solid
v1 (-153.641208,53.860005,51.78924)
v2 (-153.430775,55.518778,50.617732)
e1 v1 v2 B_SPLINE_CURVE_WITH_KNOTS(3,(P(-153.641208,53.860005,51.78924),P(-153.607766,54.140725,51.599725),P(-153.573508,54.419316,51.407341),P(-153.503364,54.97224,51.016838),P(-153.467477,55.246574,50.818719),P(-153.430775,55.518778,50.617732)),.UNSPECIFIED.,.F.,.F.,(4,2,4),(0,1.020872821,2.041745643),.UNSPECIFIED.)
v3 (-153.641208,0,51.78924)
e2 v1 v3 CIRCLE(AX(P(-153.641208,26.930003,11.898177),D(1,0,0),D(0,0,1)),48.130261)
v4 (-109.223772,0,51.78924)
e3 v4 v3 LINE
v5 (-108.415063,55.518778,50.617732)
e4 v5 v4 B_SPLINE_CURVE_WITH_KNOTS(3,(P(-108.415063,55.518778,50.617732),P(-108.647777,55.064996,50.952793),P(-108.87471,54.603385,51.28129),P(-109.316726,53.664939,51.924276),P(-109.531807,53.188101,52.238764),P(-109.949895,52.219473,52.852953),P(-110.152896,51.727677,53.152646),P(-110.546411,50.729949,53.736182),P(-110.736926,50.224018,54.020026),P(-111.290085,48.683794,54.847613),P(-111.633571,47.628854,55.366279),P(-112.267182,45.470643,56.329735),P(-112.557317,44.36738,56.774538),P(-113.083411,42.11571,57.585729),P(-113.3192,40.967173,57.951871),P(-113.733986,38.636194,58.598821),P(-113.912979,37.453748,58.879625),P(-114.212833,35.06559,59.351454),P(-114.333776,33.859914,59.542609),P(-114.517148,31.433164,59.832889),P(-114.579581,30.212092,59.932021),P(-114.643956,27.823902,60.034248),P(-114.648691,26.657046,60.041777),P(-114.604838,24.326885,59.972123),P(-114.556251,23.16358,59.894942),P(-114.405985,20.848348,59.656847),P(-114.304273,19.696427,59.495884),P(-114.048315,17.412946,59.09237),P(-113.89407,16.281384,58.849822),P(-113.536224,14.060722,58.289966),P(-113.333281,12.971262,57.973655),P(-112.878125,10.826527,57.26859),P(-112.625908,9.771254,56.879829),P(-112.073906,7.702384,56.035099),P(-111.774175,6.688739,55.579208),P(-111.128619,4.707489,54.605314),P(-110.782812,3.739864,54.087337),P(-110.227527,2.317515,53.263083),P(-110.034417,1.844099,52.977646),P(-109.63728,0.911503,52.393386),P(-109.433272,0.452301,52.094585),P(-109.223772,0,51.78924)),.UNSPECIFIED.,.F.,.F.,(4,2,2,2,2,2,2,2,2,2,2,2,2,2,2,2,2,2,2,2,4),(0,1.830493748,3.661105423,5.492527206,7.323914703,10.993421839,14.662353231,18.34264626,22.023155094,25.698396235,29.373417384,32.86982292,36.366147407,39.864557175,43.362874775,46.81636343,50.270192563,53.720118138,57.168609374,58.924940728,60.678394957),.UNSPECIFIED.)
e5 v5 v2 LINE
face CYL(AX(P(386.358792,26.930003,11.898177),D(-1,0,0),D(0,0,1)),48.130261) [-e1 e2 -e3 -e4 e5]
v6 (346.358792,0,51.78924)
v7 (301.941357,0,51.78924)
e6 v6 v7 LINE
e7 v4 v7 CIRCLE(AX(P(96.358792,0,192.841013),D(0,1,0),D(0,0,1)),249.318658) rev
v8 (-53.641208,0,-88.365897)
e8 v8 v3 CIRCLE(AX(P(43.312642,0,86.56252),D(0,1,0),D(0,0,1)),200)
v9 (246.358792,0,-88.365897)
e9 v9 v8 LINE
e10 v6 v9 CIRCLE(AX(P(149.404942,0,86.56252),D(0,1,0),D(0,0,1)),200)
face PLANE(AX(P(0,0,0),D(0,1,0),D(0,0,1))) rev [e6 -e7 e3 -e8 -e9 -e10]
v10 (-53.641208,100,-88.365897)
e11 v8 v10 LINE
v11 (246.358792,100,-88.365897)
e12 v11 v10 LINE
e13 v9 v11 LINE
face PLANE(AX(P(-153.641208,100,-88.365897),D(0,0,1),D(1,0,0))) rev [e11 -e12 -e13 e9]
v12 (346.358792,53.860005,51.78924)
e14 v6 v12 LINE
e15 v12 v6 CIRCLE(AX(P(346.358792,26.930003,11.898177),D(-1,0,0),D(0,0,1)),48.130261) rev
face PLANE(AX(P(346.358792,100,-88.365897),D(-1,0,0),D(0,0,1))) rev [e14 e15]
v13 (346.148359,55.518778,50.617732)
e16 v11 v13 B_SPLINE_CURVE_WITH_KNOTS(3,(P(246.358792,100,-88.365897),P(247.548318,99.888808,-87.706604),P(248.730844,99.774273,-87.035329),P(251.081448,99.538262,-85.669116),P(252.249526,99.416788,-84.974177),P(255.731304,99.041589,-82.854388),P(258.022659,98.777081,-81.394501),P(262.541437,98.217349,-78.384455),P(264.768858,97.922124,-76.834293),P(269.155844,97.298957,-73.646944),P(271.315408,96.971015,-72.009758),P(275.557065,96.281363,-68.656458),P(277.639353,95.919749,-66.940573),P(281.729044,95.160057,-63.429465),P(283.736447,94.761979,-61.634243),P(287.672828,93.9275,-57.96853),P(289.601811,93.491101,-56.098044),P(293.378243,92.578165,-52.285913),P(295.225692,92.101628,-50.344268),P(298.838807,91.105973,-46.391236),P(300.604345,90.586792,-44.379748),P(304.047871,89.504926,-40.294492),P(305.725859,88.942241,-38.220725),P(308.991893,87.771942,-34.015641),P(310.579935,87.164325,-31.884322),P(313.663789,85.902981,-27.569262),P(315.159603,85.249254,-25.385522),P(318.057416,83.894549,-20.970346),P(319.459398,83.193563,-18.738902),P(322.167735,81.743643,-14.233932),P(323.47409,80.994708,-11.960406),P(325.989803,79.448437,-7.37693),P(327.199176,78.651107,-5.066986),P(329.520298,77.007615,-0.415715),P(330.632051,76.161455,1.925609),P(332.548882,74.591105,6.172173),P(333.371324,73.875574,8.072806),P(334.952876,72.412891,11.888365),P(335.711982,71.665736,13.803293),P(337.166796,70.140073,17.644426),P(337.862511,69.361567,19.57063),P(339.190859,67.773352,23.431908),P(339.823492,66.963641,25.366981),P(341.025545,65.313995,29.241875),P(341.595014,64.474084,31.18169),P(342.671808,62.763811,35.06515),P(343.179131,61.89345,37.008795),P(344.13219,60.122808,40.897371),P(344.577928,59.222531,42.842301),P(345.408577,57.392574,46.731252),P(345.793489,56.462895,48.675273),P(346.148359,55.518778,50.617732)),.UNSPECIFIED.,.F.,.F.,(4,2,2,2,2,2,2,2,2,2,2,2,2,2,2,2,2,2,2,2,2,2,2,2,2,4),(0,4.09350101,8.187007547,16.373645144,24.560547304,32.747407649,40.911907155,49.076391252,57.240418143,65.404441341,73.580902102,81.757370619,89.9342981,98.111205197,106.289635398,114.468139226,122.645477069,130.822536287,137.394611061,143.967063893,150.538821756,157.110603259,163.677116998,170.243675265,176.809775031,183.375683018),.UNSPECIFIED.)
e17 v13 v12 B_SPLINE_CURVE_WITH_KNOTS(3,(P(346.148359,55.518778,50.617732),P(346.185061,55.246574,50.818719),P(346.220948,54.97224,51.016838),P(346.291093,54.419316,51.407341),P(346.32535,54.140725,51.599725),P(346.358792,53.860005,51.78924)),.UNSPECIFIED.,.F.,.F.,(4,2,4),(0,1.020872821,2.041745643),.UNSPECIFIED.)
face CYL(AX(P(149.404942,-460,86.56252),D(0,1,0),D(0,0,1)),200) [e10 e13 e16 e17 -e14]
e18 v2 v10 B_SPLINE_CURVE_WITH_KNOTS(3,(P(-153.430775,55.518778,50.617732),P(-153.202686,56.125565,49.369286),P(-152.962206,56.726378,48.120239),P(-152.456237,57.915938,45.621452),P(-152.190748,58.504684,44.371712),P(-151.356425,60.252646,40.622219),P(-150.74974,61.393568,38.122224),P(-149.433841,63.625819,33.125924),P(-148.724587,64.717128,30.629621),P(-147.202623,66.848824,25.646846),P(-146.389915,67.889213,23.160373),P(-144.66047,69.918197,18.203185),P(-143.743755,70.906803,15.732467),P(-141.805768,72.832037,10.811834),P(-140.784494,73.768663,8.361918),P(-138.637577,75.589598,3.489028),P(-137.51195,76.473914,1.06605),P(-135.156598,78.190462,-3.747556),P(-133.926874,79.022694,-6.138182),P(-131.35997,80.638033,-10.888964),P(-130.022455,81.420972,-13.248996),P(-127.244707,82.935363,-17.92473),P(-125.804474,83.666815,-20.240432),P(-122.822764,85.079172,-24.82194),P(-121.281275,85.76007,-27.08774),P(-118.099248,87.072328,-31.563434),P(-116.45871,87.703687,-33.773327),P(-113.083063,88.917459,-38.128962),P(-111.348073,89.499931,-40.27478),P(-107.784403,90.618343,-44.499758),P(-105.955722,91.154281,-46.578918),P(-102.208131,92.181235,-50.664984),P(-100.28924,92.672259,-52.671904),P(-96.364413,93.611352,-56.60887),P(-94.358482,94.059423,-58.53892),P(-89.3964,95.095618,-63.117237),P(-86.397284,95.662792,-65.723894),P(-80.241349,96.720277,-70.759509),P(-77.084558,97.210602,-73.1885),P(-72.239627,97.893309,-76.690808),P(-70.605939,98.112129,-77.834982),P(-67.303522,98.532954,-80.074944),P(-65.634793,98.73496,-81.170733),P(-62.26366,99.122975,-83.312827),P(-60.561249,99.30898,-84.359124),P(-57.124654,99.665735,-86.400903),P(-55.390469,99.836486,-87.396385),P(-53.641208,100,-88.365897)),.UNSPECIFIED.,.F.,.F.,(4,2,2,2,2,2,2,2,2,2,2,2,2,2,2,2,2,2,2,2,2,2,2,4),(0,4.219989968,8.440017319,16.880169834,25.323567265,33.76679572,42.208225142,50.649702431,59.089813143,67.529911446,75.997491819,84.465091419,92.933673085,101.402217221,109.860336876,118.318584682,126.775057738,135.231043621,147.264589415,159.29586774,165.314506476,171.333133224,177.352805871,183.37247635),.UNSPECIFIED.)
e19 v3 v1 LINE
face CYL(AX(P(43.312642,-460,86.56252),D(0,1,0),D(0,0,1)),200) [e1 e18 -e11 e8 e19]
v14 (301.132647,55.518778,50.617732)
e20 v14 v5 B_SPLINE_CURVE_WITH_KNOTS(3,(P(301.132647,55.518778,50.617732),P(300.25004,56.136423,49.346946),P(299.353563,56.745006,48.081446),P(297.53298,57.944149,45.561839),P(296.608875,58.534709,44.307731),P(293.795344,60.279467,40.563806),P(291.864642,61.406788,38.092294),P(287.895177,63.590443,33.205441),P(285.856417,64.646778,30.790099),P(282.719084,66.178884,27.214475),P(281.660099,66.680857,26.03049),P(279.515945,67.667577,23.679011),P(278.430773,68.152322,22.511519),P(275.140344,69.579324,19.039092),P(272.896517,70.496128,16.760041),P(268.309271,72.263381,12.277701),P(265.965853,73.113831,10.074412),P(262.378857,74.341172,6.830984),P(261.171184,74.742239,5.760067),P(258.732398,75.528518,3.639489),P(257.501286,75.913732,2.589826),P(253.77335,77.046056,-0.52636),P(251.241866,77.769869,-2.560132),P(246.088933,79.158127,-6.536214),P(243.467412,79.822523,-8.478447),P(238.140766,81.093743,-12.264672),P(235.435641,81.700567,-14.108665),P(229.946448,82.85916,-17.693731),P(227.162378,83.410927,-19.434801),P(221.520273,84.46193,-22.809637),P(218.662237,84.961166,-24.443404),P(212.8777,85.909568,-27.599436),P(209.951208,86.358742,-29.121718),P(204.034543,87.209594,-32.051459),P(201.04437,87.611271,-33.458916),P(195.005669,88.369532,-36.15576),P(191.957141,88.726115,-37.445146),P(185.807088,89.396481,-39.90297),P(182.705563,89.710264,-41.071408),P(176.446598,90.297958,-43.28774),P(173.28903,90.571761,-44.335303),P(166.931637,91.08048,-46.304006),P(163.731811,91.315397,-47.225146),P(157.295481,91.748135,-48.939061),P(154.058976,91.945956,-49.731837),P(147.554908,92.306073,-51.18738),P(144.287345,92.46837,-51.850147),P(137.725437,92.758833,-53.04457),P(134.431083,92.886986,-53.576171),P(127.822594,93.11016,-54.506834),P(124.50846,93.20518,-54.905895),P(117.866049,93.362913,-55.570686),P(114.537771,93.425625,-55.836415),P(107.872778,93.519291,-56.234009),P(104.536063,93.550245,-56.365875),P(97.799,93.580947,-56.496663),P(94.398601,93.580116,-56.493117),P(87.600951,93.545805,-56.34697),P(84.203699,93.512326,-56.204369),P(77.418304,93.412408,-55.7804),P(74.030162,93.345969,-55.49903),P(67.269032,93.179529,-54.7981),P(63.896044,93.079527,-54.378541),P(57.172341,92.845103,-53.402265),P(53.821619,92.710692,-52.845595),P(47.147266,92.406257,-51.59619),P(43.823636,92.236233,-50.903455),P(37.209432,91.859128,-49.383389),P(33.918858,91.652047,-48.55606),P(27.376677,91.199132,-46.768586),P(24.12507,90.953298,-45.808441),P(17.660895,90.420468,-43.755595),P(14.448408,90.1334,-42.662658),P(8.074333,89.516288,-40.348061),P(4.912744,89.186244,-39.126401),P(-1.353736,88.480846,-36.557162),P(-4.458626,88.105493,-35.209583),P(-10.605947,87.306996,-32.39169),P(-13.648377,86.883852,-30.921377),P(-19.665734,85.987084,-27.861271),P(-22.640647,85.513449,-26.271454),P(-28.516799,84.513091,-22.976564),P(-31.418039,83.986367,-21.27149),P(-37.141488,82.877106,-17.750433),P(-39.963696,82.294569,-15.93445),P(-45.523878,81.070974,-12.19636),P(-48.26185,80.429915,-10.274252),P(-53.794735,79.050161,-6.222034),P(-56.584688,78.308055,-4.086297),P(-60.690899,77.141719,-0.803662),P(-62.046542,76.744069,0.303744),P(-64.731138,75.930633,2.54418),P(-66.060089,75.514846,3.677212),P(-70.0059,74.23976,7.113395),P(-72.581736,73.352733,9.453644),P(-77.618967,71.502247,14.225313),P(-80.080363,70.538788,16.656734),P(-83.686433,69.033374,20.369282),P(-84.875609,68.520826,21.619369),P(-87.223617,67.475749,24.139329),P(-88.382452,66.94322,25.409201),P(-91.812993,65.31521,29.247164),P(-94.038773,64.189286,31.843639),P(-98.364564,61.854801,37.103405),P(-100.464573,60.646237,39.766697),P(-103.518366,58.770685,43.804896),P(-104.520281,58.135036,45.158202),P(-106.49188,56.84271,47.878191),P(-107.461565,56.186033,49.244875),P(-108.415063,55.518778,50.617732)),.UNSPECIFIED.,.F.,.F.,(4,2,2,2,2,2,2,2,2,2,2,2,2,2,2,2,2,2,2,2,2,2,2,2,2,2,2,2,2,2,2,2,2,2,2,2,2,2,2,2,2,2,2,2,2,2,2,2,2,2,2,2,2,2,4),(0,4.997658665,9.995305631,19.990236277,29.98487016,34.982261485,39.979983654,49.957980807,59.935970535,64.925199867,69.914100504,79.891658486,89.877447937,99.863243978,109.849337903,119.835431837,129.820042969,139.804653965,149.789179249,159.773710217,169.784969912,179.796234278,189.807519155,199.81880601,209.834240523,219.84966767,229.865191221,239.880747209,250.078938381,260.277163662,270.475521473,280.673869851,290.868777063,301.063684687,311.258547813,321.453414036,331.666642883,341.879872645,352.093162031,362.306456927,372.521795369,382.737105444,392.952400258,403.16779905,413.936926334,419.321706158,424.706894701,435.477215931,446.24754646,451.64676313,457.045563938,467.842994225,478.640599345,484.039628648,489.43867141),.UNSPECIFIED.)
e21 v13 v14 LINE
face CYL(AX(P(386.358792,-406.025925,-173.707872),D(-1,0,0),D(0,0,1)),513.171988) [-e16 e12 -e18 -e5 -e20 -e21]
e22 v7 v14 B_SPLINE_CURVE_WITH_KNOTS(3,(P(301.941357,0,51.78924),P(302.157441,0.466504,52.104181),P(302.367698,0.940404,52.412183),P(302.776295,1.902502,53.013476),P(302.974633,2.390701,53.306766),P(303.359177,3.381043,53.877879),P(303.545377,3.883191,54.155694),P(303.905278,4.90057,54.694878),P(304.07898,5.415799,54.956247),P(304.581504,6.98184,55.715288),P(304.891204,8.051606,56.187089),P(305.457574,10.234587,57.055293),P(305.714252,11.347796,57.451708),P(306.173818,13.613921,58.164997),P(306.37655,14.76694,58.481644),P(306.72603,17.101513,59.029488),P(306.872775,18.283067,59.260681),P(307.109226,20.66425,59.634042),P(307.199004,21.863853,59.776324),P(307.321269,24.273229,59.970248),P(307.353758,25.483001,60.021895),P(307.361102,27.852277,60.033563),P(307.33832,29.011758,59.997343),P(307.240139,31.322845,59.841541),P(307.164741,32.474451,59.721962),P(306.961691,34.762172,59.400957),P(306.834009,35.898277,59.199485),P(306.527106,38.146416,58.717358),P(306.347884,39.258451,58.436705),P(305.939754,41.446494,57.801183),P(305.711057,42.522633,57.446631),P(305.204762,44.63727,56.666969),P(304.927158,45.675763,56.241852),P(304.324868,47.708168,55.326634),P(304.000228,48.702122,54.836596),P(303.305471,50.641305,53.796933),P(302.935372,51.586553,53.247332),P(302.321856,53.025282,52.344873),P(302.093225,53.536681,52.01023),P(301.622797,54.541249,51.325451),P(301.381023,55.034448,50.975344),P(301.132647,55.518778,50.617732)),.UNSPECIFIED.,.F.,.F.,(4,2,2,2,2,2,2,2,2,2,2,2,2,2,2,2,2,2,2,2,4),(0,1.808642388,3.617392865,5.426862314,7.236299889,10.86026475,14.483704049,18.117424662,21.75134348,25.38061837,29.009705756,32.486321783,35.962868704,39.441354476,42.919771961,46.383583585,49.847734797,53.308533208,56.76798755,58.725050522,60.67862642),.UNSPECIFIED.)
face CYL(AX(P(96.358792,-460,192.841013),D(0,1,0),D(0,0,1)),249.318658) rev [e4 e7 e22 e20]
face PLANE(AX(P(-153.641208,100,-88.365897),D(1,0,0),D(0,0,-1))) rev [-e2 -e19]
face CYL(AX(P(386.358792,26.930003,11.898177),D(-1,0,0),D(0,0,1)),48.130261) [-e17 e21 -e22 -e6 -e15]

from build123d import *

# Parameters (mm, degrees)
SKETCH2_W           = 500
SKETCH2_H           = 150
BOSS_EXTRUDE1_DEPTH = 100
CUT_EXTRUDE1_DEPTH  = 540
SKETCH5_R           = 249.318658331
CUT_EXTRUDE2_DEPTH  = 560
CUT_EXTRUDE3_DEPTH  = 560


with BuildPart() as part:
    # Sketch2 → Boss-Extrude1 (new body)
    with BuildSketch(Plane(origin=(0, 0, 0), x_dir=(1, 0, 0), z_dir=(0, 1, 0))):
        with Locations((96.358792185, 13.36589698)):
            Rectangle(SKETCH2_W, SKETCH2_H)
    extrude(amount=BOSS_EXTRUDE1_DEPTH)

    # Sketch4 → Cut-Extrude1 (cut)
    with BuildSketch(Plane.ZY.offset(153.641207815)):
        with BuildLine():
            Line((-88.36589698, 100), (61.63410302, 100))
            Line((61.63410302, 100), (61.63410302, 50))
            Line((61.63410302, 50), (61.63410302, 0))
            Line((61.63410302, 0), (51.789240426, 0))
            ThreePointArc((51.789240426, 0), (60.017726044, 27.945379527), (50.617731539, 55.518778225))
            ThreePointArc((50.617731539, 55.518778225), (-17.284897104, 82.724872852), (-88.36589698, 100))
        make_face()
    extrude(amount=-CUT_EXTRUDE1_DEPTH, mode=Mode.SUBTRACT)

    # Sketch5 → Cut-Extrude2 (cut)
    with BuildSketch(Plane(origin=(0, 100, 0), x_dir=(-1, 0, 0), z_dir=(0, -1, 0))):
        with Locations((-96.358792185, -192.841012905)):
            Circle(SKETCH5_R)
    extrude(amount=CUT_EXTRUDE2_DEPTH, mode=Mode.SUBTRACT)

    # Sketch6 → Cut-Extrude3 (cut)
    with BuildSketch(Plane(origin=(0, 100, 0), x_dir=(-1, 0, 0), z_dir=(0, -1, 0))):
        with BuildLine():
            Line((-246.358792185, 88.36589698), (-346.358792185, 88.36589698))
            Line((-346.358792185, 88.36589698), (-346.358792185, -51.789240426))
            ThreePointArc((-346.358792185, -51.789240426), (-312.212496259, 29.599868023), (-246.358792185, 88.36589698))
        make_face()
        with BuildLine():
            Line((53.641207815, 88.36589698), (153.641207815, 88.36589698))
            Line((153.641207815, 88.36589698), (153.641207815, -51.789240426))
            ThreePointArc((153.641207815, -51.789240426), (119.49491189, 29.599868023), (53.641207815, 88.36589698))
        make_face()
    extrude(amount=CUT_EXTRUDE3_DEPTH, mode=Mode.SUBTRACT)


solid = part.part
